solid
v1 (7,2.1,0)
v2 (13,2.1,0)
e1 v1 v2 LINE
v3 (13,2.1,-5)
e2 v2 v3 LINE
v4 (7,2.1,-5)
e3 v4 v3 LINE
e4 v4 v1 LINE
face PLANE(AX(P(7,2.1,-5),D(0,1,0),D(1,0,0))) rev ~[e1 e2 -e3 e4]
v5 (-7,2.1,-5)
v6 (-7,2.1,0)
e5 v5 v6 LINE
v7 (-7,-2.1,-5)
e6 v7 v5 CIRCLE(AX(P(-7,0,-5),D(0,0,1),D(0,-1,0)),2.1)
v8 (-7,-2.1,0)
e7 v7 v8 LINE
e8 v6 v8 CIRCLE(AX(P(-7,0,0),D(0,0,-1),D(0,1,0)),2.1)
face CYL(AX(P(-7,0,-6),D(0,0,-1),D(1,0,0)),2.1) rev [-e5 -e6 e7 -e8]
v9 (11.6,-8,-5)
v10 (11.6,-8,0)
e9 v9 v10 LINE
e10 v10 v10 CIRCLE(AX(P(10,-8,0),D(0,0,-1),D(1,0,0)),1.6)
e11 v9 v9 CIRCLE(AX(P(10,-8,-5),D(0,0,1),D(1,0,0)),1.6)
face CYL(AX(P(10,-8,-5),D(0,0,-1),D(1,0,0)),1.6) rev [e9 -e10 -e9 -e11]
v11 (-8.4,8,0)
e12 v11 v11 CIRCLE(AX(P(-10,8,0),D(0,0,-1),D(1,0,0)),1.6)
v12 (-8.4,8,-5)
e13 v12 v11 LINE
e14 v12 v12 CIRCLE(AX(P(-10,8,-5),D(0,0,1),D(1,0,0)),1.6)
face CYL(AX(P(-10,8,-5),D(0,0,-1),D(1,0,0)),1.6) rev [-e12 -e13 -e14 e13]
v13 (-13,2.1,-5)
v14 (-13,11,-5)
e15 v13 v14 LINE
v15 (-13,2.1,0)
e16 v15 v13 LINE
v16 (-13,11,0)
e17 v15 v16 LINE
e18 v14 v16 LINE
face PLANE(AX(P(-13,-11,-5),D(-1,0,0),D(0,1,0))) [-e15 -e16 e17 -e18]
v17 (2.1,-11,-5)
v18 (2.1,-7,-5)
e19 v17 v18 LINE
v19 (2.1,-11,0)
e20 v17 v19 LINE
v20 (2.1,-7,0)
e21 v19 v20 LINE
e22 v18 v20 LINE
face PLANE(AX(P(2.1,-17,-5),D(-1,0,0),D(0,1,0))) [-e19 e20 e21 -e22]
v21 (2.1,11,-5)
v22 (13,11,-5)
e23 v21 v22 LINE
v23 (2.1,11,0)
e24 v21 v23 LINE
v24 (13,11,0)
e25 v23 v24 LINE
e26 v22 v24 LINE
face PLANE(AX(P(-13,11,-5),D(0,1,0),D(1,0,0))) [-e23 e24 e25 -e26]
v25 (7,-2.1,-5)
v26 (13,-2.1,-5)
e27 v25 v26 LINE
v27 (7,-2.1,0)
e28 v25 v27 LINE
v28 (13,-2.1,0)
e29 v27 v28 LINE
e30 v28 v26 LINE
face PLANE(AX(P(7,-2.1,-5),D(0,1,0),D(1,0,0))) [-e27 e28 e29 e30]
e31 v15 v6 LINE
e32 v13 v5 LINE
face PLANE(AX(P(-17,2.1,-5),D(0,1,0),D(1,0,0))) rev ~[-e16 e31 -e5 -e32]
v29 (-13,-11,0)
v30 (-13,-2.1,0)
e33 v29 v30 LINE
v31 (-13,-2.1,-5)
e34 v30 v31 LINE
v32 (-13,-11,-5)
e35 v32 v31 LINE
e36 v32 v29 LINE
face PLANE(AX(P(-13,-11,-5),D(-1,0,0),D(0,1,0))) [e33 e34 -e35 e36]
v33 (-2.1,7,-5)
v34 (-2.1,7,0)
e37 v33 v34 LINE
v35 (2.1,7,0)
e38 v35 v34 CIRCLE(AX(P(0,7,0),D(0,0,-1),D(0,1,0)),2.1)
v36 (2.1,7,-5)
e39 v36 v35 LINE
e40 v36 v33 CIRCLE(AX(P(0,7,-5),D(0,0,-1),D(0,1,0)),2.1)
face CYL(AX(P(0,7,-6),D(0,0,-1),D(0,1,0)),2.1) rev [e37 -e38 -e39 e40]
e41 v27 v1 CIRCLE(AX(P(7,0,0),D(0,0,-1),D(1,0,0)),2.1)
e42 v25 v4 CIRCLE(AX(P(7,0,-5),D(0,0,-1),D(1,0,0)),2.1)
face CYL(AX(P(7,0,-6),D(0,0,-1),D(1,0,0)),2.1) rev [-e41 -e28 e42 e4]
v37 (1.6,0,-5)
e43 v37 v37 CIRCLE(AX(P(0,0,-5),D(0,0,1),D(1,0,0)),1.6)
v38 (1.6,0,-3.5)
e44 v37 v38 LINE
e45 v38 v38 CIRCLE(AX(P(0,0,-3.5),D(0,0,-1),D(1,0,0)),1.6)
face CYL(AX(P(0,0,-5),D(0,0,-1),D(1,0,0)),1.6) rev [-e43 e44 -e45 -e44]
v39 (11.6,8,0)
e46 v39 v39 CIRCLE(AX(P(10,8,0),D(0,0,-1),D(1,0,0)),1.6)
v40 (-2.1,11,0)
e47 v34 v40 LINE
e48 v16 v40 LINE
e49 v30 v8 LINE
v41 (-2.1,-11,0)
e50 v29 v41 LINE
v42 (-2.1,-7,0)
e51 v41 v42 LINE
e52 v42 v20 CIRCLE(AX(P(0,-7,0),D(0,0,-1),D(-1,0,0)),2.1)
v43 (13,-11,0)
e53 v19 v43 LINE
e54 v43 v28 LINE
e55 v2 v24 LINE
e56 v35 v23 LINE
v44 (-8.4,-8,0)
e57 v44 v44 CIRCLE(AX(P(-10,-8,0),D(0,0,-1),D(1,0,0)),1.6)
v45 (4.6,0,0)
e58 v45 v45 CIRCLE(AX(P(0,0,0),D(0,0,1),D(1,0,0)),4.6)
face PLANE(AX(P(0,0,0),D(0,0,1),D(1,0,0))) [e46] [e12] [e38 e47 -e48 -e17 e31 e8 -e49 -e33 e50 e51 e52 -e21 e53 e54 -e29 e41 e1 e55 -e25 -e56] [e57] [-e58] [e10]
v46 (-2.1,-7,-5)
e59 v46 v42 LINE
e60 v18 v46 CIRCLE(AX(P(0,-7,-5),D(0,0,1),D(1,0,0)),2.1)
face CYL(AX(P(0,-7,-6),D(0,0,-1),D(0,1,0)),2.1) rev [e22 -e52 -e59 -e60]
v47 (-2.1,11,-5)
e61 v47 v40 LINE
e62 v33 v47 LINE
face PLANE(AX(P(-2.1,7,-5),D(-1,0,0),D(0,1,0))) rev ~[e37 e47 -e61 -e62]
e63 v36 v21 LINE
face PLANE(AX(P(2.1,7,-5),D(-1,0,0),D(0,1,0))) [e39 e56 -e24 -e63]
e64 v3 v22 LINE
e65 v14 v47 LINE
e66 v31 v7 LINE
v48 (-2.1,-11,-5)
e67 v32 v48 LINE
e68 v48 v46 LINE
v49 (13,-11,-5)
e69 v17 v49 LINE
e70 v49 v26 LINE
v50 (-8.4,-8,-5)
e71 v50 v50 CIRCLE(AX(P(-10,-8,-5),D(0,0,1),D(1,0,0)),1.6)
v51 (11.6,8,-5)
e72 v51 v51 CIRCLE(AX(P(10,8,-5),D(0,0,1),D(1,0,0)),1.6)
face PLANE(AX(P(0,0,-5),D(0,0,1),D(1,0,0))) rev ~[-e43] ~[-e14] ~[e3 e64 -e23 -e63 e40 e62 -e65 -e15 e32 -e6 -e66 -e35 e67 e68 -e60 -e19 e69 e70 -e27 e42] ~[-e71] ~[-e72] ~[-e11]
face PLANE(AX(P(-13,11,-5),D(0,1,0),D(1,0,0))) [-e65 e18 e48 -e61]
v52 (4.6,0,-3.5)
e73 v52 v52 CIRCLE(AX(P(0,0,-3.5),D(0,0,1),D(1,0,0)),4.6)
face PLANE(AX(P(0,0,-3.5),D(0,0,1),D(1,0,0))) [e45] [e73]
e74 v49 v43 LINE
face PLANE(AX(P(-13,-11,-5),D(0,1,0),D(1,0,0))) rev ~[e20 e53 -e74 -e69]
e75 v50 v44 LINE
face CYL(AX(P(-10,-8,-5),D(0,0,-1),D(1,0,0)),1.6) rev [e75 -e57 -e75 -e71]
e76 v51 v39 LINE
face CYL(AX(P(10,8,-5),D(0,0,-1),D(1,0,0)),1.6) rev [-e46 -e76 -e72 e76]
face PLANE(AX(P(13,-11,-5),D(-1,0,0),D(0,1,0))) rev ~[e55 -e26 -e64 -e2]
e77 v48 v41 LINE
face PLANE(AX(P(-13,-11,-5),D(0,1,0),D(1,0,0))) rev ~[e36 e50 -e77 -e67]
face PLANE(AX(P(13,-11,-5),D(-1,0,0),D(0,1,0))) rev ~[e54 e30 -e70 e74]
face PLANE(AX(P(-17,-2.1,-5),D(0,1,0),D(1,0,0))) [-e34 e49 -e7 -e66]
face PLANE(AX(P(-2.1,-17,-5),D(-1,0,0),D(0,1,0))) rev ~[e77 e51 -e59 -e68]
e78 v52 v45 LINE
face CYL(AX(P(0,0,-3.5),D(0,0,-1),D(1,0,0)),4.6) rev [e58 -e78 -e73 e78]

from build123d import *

# Parameters (mm, degrees)
CYLINDER974_R             = 4.6
CYLINDER974_DEPTH         = 3.5
BOX564_W                  = 4.2
BOX564_H                  = 10
BOX564_DEPTH              = 5
BOX562_W                  = 10
BOX562_H                  = 4.2
BOX562_DEPTH              = 5
BOX563_W                  = 4.2
BOX563_H                  = 10
BOX563_DEPTH              = 5
BOX561_W                  = 10
BOX561_H                  = 4.2
BOX561_DEPTH              = 5
CYLINDER073_R             = 2.1
CYLINDER073_DEPTH         = 15
CYLINDER074_R             = 2.1
CYLINDER074_DEPTH         = 15
CYLINDER075_R             = 2.1
CYLINDER075_DEPTH         = 15
CYLINDER076_R             = 2.1
CYLINDER076_DEPTH         = 15
FUSION038_PLACEMENT_ANGLE = 90
CYLINDER961_R             = 1.6
CYLINDER961_DEPTH         = 15
CYLINDER962_R             = 1.6
CYLINDER962_DEPTH         = 15
CYLINDER963_R             = 1.6
CYLINDER963_DEPTH         = 15
CYLINDER959_R             = 1.6
CYLINDER959_DEPTH         = 15
CYLINDER960_R             = 1.6
CYLINDER960_DEPTH         = 15
BOX560_W                  = 26
BOX560_H                  = 22
BOX560_DEPTH              = 5


with BuildPart() as cylinder974:
    # Cylinder974 → Cylinder974 (new body)
    with BuildSketch(Plane.XY.offset(-3.5)):
        Circle(CYLINDER974_R)
    extrude(amount=CYLINDER974_DEPTH)


with BuildPart() as cube755:
    # Box564 → Box564 (new body)
    with BuildSketch(Plane(origin=(-2.1, -17, -2), x_dir=(1, 0, 0), z_dir=(0, 0, 1))):
        with Locations((2.1, 5)):
            Rectangle(BOX564_W, BOX564_H)
    extrude(amount=BOX564_DEPTH)


with BuildPart() as cube753:
    # Box562 → Box562 (new body)
    with BuildSketch(Plane(origin=(-17, -2.1, -2), x_dir=(1, 0, 0), z_dir=(0, 0, 1))):
        with Locations((5, 2.1)):
            Rectangle(BOX562_W, BOX562_H)
    extrude(amount=BOX562_DEPTH)


with BuildPart() as cube754:
    # Box563 → Box563 (new body)
    with BuildSketch(Plane(origin=(-2.1, 7, -2), x_dir=(1, 0, 0), z_dir=(0, 0, 1))):
        with Locations((2.1, 5)):
            Rectangle(BOX563_W, BOX563_H)
    extrude(amount=BOX563_DEPTH)


with BuildPart() as fusion107:
    # Box561 → Box561 (new body)
    with BuildSketch(Plane(origin=(7, -2.1, -2), x_dir=(1, 0, 0), z_dir=(0, 0, 1))):
        with Locations((5, 2.1)):
            Rectangle(BOX561_W, BOX561_H)
    extrude(amount=BOX561_DEPTH)

    # Fusion107: union Cube755, Cube753, Cube754
    add(cube755.part)
    add(cube753.part)
    add(cube754.part)


with BuildPart() as cylinder073:
    # Cylinder073 → Cylinder073 (new body)
    with BuildSketch(Plane(origin=(7, 0, 0), x_dir=(1, 0, 0), z_dir=(0, 0, 1))):
        Circle(CYLINDER073_R)
    extrude(amount=CYLINDER073_DEPTH)


with BuildPart() as fusion037:
    # Cylinder074 → Cylinder074 (new body)
    with BuildSketch(Plane(origin=(-7, 0, 0), x_dir=(1, 0, 0), z_dir=(0, 0, 1))):
        Circle(CYLINDER074_R)
    extrude(amount=CYLINDER074_DEPTH)

    # Fusion037: union Cylinder073
    add(cylinder073.part)


with BuildPart() as cylinder075:
    # Cylinder075 → Cylinder075 (new body)
    with BuildSketch(Plane(origin=(7, 0, 0), x_dir=(1, 0, 0), z_dir=(0, 0, 1))):
        Circle(CYLINDER075_R)
    extrude(amount=CYLINDER075_DEPTH)


with BuildPart() as fusion039:
    # Cylinder076 → Cylinder076 (new body)
    with BuildSketch(Plane(origin=(-7, 0, 0), x_dir=(1, 0, 0), z_dir=(0, 0, 1))):
        Circle(CYLINDER076_R)
    extrude(amount=CYLINDER076_DEPTH)

    # Fusion038: union Cylinder075
    add(cylinder075.part)


with BuildPart() as fusion039_1:
    # Fusion038 placement: moved
    add(fusion039.part.rotate(Axis((0, 0, 0), (0, 0, 1)), FUSION038_PLACEMENT_ANGLE))

    # Fusion039: union Fusion037
    add(fusion037.part)


with BuildPart() as fusion039_2:
    # Fusion039 placement: moved
    add(fusion039_1.part.moved(Location((0, 0, -3))))


with BuildPart() as cylinder961:
    # Cylinder961 → Cylinder961 (new body)
    with BuildSketch(Plane(origin=(-10, -8, -2), x_dir=(1, 0, 0), z_dir=(0, 0, 1))):
        Circle(CYLINDER961_R)
    extrude(amount=CYLINDER961_DEPTH)


with BuildPart() as cylinder962:
    # Cylinder962 → Cylinder962 (new body)
    with BuildSketch(Plane(origin=(10, 8, -2), x_dir=(1, 0, 0), z_dir=(0, 0, 1))):
        Circle(CYLINDER962_R)
    extrude(amount=CYLINDER962_DEPTH)


with BuildPart() as cylinder963:
    # Cylinder963 → Cylinder963 (new body)
    with BuildSketch(Plane(origin=(10, -8, -2), x_dir=(1, 0, 0), z_dir=(0, 0, 1))):
        Circle(CYLINDER963_R)
    extrude(amount=CYLINDER963_DEPTH)


with BuildPart() as cylinder959:
    # Cylinder959 → Cylinder959 (new body)
    with BuildSketch(Plane.XY.offset(-2)):
        Circle(CYLINDER959_R)
    extrude(amount=CYLINDER959_DEPTH)


with BuildPart() as fusion105:
    # Cylinder960 → Cylinder960 (new body)
    with BuildSketch(Plane(origin=(-10, 8, -2), x_dir=(1, 0, 0), z_dir=(0, 0, 1))):
        Circle(CYLINDER960_R)
    extrude(amount=CYLINDER960_DEPTH)

    # Fusion105: union Cylinder961, Cylinder962, Cylinder963, Cylinder959
    add(cylinder961.part)
    add(cylinder962.part)
    add(cylinder963.part)
    add(cylinder959.part)


with BuildPart() as diff_lock_planetary_sup_holes:
    # Box560 → Box560 (new body)
    with BuildSketch(Plane(origin=(-13, -11, -2), x_dir=(1, 0, 0), z_dir=(0, 0, 1))):
        with Locations((13, 11)):
            Rectangle(BOX560_W, BOX560_H)
    extrude(amount=BOX560_DEPTH)

    # Cut014050: cut Fusion105
    add(fusion105.part, mode=Mode.SUBTRACT)

    # Cut014051: cut Fusion039
    add(fusion039_2.part, mode=Mode.SUBTRACT)

    # Cut014055: cut Fusion107
    add(fusion107.part, mode=Mode.SUBTRACT)


with BuildPart() as diff_lock_planetary_sup_holes_1:
    # Cut014055 placement: moved
    add(diff_lock_planetary_sup_holes.part.moved(Location((0, 0, -3))))

    # Cut014056: cut Cylinder974
    add(cylinder974.part, mode=Mode.SUBTRACT)


solid = diff_lock_planetary_sup_holes_1.part
